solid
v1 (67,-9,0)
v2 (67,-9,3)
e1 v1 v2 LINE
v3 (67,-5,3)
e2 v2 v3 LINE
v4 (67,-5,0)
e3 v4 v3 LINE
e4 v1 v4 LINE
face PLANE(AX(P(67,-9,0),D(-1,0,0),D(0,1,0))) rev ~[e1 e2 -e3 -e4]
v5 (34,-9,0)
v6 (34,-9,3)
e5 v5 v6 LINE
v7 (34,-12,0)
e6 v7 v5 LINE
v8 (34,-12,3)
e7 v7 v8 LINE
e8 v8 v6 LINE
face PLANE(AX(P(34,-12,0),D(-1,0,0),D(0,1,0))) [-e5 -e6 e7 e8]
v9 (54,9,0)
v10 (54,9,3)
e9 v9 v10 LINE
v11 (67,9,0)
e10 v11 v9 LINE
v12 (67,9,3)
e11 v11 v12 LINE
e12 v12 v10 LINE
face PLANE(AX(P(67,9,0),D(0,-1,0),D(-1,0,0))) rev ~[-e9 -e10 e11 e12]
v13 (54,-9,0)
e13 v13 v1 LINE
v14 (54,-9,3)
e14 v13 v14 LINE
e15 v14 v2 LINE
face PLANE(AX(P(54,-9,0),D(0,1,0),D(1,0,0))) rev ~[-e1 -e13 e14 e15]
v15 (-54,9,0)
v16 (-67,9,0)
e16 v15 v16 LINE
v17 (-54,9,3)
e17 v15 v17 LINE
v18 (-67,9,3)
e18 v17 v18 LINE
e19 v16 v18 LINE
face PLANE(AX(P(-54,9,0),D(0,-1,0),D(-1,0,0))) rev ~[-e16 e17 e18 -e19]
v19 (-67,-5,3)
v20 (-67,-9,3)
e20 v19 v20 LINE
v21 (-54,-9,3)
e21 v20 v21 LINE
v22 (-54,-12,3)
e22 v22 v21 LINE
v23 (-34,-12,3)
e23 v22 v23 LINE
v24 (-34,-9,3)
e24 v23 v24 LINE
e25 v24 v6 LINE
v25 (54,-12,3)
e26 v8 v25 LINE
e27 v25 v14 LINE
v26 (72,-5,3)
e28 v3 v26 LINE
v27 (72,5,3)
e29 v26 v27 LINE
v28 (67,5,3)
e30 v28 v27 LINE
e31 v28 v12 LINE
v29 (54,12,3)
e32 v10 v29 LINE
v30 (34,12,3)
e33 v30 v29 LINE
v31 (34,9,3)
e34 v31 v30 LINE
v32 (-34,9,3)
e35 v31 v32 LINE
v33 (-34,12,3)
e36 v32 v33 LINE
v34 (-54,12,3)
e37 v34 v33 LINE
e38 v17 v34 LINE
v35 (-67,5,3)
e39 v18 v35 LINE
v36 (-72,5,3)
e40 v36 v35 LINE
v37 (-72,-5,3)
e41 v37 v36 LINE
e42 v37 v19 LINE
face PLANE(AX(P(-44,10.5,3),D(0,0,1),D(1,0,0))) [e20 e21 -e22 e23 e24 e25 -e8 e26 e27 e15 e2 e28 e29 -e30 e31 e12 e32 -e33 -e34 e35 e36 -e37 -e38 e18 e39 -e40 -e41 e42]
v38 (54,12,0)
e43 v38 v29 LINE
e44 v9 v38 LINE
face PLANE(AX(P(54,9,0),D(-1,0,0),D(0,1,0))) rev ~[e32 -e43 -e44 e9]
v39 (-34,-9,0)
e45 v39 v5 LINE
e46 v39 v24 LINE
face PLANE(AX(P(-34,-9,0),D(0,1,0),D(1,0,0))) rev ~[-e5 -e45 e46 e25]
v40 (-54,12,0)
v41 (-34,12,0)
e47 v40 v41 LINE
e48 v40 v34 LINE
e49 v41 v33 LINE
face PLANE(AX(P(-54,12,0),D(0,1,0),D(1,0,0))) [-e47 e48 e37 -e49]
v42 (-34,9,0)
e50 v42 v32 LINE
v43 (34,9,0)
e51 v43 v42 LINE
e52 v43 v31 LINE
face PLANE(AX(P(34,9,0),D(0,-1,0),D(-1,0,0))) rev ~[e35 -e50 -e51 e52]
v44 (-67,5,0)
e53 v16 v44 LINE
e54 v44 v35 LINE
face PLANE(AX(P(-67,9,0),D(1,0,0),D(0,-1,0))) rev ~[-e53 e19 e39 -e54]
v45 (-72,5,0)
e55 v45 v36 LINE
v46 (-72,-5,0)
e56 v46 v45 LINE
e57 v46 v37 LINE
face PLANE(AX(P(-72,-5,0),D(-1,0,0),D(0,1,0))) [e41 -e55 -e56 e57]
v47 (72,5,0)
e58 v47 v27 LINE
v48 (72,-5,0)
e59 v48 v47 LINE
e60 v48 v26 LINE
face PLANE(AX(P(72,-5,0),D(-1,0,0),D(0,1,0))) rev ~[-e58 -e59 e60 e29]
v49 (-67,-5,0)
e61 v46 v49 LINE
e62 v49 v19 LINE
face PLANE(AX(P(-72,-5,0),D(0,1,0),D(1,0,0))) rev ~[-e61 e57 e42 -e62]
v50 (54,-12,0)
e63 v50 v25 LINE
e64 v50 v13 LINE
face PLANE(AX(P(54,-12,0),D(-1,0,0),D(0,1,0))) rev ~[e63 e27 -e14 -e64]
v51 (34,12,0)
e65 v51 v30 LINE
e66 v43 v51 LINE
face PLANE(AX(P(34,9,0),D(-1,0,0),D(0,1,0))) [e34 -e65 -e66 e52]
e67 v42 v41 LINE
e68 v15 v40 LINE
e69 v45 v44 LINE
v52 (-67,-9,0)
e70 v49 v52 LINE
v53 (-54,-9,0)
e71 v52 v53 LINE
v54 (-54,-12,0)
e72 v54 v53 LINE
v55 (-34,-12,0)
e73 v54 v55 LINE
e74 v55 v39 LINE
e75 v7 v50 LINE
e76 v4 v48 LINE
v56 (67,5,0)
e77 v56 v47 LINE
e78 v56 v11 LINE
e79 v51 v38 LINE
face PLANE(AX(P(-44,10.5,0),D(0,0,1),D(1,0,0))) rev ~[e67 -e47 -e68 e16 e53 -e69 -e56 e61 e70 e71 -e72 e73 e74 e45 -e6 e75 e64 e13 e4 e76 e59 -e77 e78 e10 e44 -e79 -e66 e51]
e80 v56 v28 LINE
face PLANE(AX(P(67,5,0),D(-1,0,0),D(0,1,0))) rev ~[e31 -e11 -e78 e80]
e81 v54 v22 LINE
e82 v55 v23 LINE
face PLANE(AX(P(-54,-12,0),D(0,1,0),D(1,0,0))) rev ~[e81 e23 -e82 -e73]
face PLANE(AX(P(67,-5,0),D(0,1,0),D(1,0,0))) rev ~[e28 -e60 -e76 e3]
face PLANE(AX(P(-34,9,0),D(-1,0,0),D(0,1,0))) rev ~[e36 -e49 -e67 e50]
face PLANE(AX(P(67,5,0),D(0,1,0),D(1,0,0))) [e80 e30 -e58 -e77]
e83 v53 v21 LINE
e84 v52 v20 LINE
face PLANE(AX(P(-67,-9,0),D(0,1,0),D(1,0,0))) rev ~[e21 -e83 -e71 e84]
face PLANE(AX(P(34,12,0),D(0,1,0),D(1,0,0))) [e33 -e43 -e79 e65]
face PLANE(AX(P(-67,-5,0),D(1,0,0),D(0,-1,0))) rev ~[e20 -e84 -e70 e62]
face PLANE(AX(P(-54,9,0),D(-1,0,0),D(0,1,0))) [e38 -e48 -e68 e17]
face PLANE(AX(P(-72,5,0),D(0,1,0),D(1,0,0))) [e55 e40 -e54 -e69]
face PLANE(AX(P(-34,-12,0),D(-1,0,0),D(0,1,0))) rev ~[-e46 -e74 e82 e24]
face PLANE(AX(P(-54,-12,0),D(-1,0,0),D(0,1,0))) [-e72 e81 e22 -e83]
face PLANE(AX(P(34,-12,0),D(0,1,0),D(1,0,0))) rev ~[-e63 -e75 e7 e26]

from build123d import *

# Parameters (mm, degrees)
F0_W     = 20
F0_H     = 3
F0_W_2   = 5
F0_H_2   = 10
F1_DEPTH = 3


with BuildPart() as f1:
    # F0 (on Top) → F1 (new body)
    with BuildSketch(Plane.XY):
        with Locations((-44, 10.5)):
            Rectangle(F0_W, F0_H)
        with Locations((44, -10.5)):
            Rectangle(F0_W, F0_H)
        with Locations((69.5, 0)):
            Rectangle(F0_W_2, F0_H_2)
        with Locations((-44, -10.5)):
            Rectangle(F0_W, F0_H)
        with Locations((44, 10.5)):
            Rectangle(F0_W, F0_H)
        with Locations((-69.5, 0)):
            Rectangle(F0_W_2, F0_H_2)
        Polygon((54, -9), (67, -9), (67, -5), (67, 5), (67, 9), (54, 9), (34, 9), (-34, 9), (-54, 9), (-67, 9), (-67, 5), (-67, -5), (-67, -9), (-54, -9), (-34, -9), (34, -9), align=None)
    extrude(amount=F1_DEPTH)


solid = f1.part
